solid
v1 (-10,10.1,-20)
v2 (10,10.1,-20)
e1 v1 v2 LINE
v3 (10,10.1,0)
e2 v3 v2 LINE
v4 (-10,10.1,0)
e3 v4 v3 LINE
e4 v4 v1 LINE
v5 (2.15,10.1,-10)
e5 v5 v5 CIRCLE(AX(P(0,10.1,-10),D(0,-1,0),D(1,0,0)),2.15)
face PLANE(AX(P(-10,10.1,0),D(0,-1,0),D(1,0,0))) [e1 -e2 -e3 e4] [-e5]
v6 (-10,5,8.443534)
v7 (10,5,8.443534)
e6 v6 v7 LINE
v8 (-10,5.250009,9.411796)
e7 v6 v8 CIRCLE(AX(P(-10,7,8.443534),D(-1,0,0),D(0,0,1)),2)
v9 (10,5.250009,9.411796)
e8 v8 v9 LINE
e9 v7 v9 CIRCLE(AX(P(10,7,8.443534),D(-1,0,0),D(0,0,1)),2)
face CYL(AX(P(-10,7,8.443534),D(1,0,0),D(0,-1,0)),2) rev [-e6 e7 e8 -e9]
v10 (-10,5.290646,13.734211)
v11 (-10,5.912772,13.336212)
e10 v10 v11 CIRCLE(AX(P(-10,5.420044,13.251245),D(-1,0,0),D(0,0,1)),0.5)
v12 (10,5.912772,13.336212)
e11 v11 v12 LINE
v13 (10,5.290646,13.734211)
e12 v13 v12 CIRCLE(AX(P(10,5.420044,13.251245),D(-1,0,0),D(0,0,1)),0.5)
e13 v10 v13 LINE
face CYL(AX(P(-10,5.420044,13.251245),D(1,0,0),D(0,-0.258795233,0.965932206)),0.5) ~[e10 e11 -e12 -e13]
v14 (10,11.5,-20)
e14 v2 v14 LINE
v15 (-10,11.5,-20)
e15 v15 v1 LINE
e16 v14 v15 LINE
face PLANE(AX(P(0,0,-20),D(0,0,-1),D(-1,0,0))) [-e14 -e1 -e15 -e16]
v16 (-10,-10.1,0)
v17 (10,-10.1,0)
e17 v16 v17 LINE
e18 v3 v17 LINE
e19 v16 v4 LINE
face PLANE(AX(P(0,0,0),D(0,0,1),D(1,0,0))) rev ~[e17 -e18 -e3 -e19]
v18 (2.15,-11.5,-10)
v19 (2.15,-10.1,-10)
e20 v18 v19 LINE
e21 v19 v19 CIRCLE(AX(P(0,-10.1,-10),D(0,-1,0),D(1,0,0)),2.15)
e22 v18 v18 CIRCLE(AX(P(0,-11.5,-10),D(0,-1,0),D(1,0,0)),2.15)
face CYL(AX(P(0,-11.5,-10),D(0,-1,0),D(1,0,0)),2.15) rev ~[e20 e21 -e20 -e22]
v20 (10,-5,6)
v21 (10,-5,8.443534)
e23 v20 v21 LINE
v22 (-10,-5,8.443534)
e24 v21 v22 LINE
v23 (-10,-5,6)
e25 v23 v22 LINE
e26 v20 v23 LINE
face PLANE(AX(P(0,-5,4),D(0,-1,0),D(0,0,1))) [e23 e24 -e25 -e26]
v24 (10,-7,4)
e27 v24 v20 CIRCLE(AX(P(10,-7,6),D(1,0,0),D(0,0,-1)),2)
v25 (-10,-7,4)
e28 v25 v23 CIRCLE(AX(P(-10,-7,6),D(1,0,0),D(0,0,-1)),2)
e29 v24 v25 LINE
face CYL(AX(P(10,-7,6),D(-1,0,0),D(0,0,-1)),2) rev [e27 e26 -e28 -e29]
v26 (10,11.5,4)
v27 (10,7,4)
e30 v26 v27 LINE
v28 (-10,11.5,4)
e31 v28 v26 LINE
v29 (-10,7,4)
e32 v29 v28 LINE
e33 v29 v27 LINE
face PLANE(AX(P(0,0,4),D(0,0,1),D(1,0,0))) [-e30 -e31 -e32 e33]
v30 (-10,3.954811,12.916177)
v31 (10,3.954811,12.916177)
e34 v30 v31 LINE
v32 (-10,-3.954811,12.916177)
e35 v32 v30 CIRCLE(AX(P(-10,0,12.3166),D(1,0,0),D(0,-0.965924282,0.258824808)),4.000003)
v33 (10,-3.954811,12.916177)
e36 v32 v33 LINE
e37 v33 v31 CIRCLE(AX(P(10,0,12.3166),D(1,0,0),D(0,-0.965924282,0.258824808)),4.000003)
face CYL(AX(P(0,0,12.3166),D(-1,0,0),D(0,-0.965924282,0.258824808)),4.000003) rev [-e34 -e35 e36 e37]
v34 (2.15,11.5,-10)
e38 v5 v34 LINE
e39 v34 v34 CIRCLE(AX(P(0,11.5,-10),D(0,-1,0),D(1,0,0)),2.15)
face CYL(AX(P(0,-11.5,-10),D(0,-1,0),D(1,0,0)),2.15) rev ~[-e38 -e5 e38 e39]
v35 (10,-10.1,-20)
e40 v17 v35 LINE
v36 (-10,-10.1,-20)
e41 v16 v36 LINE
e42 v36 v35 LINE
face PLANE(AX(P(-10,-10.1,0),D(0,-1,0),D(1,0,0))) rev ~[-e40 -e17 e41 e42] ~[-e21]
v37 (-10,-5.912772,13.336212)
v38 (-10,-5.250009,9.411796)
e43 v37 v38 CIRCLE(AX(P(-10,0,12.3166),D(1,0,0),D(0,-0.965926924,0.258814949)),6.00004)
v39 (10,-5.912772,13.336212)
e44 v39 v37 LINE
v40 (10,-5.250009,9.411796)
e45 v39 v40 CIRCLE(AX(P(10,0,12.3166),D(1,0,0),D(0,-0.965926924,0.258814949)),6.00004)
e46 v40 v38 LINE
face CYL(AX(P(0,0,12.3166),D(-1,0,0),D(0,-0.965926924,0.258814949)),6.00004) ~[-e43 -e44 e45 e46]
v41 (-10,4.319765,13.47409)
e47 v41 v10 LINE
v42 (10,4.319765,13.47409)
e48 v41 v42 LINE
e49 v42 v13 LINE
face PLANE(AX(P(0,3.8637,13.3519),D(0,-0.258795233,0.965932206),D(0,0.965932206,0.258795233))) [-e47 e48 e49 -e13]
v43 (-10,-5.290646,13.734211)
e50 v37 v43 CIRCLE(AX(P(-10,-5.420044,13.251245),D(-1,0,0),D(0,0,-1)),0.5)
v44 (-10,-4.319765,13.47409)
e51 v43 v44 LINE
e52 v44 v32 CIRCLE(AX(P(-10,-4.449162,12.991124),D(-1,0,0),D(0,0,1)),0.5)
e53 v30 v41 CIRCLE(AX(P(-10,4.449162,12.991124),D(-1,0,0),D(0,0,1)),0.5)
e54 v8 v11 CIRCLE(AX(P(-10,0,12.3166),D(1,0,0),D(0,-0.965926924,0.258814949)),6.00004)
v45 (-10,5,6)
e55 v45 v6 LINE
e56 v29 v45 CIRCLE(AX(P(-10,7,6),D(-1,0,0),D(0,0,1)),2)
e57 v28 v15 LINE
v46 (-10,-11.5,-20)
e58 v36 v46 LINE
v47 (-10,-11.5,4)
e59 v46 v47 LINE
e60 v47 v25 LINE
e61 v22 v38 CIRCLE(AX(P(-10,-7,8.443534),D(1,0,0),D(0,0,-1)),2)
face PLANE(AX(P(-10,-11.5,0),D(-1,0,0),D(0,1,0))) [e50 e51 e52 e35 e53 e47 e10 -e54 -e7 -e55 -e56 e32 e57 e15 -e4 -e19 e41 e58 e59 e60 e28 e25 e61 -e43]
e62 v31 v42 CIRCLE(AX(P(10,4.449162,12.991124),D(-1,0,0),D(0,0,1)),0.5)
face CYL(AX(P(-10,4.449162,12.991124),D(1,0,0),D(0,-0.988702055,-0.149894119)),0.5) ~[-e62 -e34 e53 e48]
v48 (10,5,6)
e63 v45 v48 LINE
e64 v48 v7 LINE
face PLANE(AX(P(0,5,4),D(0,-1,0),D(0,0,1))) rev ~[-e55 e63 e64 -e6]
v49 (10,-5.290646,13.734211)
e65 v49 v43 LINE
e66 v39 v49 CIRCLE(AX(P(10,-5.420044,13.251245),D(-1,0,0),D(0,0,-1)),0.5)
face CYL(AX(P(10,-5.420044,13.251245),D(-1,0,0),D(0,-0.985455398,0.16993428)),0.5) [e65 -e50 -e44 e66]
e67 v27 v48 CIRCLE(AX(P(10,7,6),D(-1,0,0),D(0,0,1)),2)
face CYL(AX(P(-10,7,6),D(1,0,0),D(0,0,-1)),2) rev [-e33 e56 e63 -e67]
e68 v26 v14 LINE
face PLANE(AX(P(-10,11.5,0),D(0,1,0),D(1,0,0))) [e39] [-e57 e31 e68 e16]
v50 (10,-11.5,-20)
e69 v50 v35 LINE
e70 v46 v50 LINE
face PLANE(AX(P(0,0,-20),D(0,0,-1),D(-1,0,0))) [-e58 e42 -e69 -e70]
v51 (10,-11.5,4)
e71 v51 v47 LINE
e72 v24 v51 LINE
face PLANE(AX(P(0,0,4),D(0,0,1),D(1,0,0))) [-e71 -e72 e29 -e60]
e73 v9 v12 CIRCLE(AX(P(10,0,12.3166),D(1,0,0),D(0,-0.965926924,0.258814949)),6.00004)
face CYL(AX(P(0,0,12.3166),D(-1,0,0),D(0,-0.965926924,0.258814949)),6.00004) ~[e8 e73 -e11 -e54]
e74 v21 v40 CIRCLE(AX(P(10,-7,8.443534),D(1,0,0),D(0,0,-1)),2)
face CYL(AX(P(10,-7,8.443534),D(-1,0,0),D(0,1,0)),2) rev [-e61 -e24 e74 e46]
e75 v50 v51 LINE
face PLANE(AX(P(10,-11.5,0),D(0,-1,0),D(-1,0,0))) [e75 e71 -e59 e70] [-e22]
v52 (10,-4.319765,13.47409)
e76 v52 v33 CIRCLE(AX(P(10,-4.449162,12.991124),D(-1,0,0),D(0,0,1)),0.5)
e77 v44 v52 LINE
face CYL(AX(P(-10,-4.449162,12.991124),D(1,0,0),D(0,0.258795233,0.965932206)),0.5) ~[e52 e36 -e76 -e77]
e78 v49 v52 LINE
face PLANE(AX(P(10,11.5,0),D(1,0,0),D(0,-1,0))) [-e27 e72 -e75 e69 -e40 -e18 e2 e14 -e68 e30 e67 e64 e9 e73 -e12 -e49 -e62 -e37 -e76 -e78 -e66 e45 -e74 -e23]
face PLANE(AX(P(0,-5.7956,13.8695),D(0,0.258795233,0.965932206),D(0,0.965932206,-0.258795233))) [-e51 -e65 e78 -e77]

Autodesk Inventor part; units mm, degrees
ref_plane "YZ Plane" through (0, 0, 0) normal (1, 0, 0) x (0, 1, 0)
ref_plane "XZ Plane" through (0, 0, 0) normal (0, 1, 0) x (-1, 0, 0)
ref_plane "XY Plane" through (0, 0, 0) normal (0, 0, 1) x (1, 0, 0)
sketch "Sketch1" plane through (0, 0, 0) normal (0, 0, 1) x (1, 0, 0)
  line L0 (-10, 11.5) -> (10, 11.5)
  line L1 (10, 11.5) -> (10, -11.5)
  line L2 (10, -11.5) -> (-10, -11.5)
  line L3 (-10, -11.5) -> (-10, 11.5)
  point P0 (0, 0)
  point P1 (0, 11.5)
  point P2 (-10, 0)
  dimension "d0" = 20
  dimension "d16" = 23
extrude "Extrusion1" add sketch "Sketch1" along normal blind 4
sketch "Sketch2" plane through (0, 0, 0) normal (1, 0, 0) x (0, 1, 0)
  line L0 (11.5, 0) -> (-11.5, 0) projected
  line L1 (-11.5, 0) -> (-11.5, 4) projected
  line L2 (11.5, 4) -> (-11.5, 4) projected
  line L3 (11.5, 0) -> (11.5, 4) projected
  line L4 (5, 4) -> (5, 9)
  line L5 (-5, 4) -> (-5, 9)
  arc A0 (-5.7956, 13.8695) -> (5.7956, 13.8695) centre (0, 12.3166) ccw
  arc A1 (-3.8637, 13.3519) -> (3.8637, 13.3519) centre (0, 12.3166) ccw
  line L6 (3.8637, 13.3519) -> (5.7956, 13.8695)
  line L7 (-5.7956, 13.8695) -> (-3.8637, 13.3519)
  point P0 (0, 0)
  point P1 (0, 0)
  dimension "d3" = 6
  dimension "d4" = 5
  dimension "d5" = 4
  dimension "d6" = 10
  dimension "d8" = 150
extrude "Extrusion2" add sketch "Sketch2" along normal mid plane 20 contours L2 L5 A0 L4 | A0 L7 A1 L6
fillet "Fillet1" radius 2 4 edges at (0, -5, 4) (0, -5, 9) (0, 5, 9) (0, 5, 4)
fillet "Fillet2" radius 0.5 4 edges at (0, 3.8637, 13.3519) (0, 5.7956, 13.8695) (0, -3.8637, 13.3519) (0, -5.7956, 13.8695)
sketch "Sketch4" plane through (0, 0, 0) normal (0, 0, -1) x (-1, 0, 0)
  line L0 (-10, -11.5) -> (-10, 11.5) projected
  line L1 (10, 11.5) -> (10, -11.5) projected
  line L2 (-10, 11.5) -> (10, 11.5)
  line L3 (10, 11.5) -> (10, 10.1)
  line L4 (10, 10.1) -> (-10, 10.1)
  line L5 (-10, 10.1) -> (-10, 11.5)
  line L6 (10, -11.5) -> (-10, -11.5) projected
  line L7 (-10, -11.5) -> (10, -11.5)
  line L8 (10, -11.5) -> (10, -10.1)
  line L9 (10, -10.1) -> (-10, -10.1)
  line L10 (-10, -10.1) -> (-10, -11.5)
  point P0 (0, 0)
  point P1 (-10, -10.1)
  point P2 (-10, 10.1)
  dimension "d17" = 1.4
extrude "Extrusion3" add sketch "Sketch4" along normal blind 20 contours L0 L9 L1 L6 | L0 L2 L1 L4
sketch "Sketch5" plane through (-10, -11.5, 4) normal (0, -1, 0) x (1, 0, 0)
  line L0 (0, -4) -> (20, -4) projected
  line L1 (0, -4) -> (0, -24) projected
  line L2 (20, -24) -> (0, -24) projected
  line L3 (20, -4) -> (20, -24) projected
  circle A0 centre (10, -14) radius 2.15
  point P0 (10, -4)
  point P1 (0, -14)
  dimension "d20" = 4.3
extrude "Extrusion4" cut sketch "Sketch5" against normal through all contours A0
properties part number "Stengelihalter"
